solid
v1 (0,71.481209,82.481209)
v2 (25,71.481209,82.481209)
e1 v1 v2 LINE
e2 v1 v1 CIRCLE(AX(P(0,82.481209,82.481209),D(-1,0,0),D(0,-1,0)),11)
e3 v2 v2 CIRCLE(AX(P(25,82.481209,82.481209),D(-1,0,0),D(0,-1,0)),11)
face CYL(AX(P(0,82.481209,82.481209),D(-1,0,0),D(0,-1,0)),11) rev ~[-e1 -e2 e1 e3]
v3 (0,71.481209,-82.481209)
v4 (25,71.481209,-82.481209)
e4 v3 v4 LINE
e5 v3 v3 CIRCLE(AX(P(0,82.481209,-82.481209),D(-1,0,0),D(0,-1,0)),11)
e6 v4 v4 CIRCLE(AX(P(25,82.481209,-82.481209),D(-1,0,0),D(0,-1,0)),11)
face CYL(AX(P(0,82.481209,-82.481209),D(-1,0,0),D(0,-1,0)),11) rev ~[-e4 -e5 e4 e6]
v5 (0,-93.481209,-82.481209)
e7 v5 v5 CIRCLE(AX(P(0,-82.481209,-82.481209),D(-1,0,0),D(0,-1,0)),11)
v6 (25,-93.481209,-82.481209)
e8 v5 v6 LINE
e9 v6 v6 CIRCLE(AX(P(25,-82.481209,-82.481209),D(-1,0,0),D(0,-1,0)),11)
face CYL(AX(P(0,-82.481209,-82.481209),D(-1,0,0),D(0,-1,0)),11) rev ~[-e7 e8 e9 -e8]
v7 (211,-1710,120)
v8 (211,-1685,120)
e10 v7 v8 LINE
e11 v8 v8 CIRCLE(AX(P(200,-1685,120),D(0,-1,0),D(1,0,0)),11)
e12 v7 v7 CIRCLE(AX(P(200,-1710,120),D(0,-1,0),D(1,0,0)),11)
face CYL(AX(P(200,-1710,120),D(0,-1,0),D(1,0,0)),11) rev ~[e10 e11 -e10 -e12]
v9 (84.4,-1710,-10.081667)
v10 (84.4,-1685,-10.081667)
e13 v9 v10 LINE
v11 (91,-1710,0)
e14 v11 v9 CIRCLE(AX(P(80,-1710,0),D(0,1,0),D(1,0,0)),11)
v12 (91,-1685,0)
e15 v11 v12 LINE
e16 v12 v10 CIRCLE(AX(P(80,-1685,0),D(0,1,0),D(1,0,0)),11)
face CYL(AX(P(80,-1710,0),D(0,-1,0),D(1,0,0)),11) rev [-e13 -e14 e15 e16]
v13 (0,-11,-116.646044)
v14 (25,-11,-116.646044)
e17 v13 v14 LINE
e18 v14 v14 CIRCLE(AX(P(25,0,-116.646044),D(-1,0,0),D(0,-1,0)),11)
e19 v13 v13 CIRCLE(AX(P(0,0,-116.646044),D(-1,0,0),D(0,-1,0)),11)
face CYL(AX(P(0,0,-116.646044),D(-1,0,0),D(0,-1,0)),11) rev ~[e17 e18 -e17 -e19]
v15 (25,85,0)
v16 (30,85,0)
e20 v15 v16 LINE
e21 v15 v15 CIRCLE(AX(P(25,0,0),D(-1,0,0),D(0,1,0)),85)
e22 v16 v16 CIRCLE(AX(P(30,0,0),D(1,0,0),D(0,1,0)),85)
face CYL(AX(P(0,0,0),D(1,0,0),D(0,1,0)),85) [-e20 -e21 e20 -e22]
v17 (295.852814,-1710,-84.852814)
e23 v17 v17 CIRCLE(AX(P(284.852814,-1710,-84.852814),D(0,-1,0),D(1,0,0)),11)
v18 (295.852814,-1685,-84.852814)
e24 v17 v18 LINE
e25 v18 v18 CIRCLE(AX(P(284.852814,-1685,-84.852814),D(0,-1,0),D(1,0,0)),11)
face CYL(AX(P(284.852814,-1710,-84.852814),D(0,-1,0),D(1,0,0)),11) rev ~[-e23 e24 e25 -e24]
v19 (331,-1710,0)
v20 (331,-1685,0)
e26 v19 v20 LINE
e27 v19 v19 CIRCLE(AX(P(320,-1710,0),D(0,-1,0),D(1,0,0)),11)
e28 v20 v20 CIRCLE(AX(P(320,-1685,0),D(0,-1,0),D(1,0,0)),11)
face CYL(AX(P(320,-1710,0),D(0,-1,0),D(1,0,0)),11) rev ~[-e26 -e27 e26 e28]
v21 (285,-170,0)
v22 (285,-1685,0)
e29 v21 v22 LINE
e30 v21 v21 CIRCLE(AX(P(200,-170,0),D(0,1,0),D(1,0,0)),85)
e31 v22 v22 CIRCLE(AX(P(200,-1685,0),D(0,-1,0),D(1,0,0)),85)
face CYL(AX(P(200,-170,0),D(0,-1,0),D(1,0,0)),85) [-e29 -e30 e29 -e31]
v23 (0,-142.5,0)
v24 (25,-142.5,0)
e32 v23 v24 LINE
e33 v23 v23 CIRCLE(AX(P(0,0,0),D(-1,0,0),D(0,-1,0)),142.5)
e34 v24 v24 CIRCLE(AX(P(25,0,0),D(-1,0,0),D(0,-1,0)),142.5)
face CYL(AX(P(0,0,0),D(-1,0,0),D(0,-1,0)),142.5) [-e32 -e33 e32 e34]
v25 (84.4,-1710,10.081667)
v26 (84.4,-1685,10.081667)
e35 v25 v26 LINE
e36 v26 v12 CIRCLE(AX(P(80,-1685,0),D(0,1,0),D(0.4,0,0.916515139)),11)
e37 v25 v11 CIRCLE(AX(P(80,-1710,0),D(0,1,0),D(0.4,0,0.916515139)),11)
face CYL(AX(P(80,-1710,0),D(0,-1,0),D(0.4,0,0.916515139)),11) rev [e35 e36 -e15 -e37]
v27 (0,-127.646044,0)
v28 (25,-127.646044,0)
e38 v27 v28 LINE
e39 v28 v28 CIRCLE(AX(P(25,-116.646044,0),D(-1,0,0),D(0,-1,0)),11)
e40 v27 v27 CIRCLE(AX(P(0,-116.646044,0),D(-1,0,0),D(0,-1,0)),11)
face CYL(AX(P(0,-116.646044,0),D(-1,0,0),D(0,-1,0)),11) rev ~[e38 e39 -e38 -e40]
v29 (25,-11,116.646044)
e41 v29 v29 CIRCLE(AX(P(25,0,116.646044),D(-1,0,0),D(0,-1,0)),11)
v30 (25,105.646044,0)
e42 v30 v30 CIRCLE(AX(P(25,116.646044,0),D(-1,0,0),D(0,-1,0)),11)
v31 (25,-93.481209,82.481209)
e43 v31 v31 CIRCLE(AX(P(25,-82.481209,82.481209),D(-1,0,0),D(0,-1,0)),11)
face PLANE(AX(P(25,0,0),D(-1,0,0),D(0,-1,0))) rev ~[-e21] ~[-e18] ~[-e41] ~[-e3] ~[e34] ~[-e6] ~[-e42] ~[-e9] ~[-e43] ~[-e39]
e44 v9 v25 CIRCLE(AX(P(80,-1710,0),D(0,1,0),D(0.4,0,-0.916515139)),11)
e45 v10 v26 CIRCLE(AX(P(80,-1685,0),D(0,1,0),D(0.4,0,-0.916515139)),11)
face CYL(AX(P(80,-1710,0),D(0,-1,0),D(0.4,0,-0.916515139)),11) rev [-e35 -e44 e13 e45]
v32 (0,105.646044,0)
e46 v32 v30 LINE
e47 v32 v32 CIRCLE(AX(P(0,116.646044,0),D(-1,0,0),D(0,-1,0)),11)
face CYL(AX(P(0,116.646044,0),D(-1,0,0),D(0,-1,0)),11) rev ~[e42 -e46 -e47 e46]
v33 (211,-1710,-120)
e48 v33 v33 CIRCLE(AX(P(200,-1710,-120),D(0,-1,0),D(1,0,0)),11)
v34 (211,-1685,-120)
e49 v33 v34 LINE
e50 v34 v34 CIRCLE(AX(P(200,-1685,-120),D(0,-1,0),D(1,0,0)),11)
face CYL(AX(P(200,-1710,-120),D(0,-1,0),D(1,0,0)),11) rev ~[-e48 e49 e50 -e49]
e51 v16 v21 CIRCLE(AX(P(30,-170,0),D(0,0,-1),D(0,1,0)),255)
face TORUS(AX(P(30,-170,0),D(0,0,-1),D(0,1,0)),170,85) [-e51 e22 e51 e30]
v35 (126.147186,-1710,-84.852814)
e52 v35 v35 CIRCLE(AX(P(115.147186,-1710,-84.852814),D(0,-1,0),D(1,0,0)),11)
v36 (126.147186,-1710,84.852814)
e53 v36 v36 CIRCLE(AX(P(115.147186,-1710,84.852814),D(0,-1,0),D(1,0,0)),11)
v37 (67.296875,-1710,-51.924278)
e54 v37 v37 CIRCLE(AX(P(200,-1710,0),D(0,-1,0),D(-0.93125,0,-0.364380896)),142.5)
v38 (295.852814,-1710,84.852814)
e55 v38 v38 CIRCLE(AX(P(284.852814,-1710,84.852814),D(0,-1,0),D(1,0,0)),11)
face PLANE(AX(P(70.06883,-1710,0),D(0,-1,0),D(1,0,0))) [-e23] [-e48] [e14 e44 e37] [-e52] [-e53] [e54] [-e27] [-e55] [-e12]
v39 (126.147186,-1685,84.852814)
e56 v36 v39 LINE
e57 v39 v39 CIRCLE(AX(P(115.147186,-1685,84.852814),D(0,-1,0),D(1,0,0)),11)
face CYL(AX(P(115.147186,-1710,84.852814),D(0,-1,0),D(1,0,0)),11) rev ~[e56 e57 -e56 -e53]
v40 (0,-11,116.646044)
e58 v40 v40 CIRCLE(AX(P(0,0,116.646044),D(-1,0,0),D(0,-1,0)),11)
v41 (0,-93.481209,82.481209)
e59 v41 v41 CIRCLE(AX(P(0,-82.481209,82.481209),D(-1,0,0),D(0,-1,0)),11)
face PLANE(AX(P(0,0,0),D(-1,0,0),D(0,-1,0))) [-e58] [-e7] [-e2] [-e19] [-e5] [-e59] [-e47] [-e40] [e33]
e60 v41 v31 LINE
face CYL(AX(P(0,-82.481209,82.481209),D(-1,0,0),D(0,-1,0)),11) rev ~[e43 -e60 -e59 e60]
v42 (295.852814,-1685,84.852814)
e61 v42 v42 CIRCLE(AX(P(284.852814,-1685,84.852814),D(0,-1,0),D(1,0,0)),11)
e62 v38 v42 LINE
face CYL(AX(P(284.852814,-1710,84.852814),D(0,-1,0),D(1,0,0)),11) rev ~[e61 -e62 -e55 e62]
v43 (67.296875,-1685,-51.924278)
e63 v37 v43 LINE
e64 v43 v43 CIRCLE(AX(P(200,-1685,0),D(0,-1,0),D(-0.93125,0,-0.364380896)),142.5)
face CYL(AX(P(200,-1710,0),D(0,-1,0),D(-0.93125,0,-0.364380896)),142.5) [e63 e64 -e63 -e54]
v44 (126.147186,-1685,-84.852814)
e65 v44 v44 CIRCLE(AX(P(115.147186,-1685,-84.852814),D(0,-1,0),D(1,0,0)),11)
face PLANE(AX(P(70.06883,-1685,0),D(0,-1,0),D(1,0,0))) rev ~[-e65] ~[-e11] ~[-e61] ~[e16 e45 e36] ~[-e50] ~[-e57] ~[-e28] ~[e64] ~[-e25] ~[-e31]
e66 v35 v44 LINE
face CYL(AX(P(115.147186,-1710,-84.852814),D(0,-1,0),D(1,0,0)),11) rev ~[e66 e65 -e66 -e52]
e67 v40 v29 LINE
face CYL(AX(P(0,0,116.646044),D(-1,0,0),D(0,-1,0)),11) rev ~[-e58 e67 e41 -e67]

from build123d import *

# Parameters (mm, degrees)
F0_R     = 85
F5_R     = 11
F6_DEPTH = 25
F7_R     = 142.5
F7_R_2   = 11
F7_R_3   = 85
F8_DEPTH = 25


with BuildPart() as f4:
    # F4: sweep along a path in F4_path
    with BuildLine(Plane(origin=(0, 0, 0), x_dir=(0, 1, 0), z_dir=(0, 0, 1))) as f4_path:
        Line((0, 0), (0, -30))
        ThreePointArc((0, -30), (-49.7918471983, -150.2081528017), (-170, -200))
        Line((-170, -200), (-1710, -200))
    # F0 (on Right) → F4 (sweep)
    with BuildSketch(Plane.YZ):
        Circle(F0_R)
    sweep(path=f4_path.line)

    # F5 (on face) → F6 (join)
    with BuildSketch(Plane.XZ.offset(1710)):
        with BuildLine():
            ThreePointArc((84.4, 10.0816665289), (78.6809157211, 32.1607447254), (67.296875, 51.9242777055))
            ThreePointArc((67.296875, 51.9242777055), (57.5, 0), (67.296875, -51.9242777055))
            ThreePointArc((67.296875, -51.9242777055), (78.6809157211, -32.1607447254), (84.4, -10.0816665289))
            ThreePointArc((84.4, -10.0816665289), (69, 0), (84.4, 10.0816665289))
        make_face()
        with BuildLine():
            ThreePointArc((67.296875, -51.9242777055), (226.4202071103, -140.0293635501), (342.5, 0))
            ThreePointArc((342.5, 0), (226.4202071103, 140.0293635501), (67.296875, 51.9242777055))
            ThreePointArc((67.296875, 51.9242777055), (78.6809157211, 32.1607447254), (84.4, 10.0816665289))
            ThreePointArc((84.4, 10.0816665289), (89.2032602919, 6.0249481326), (91, 0))
            ThreePointArc((91, 0), (89.2032602919, -6.0249481326), (84.4, -10.0816665289))
            ThreePointArc((84.4, -10.0816665289), (78.6809157211, -32.1607447254), (67.296875, -51.9242777055))
        make_face()
        with Locations((115.1471862576, -84.8528137424)):
            Circle(F5_R, mode=Mode.SUBTRACT)
        with Locations((200, -120)):
            Circle(F5_R, mode=Mode.SUBTRACT)
        with Locations((284.8528137424, -84.8528137424)):
            Circle(F5_R, mode=Mode.SUBTRACT)
        with Locations((115.1471862576, 84.8528137424)):
            Circle(F5_R, mode=Mode.SUBTRACT)
        with Locations((320, 0)):
            Circle(F5_R, mode=Mode.SUBTRACT)
        with Locations((200, 120)):
            Circle(F5_R, mode=Mode.SUBTRACT)
        with Locations((284.8528137424, 84.8528137424)):
            Circle(F5_R, mode=Mode.SUBTRACT)
    extrude(amount=-F6_DEPTH)

    # F7 (on face) → F8 (join)
    with BuildSketch(Plane(origin=(0, 0, 0), x_dir=(0, -1, 0), z_dir=(-1, 0, 0))):
        Circle(F7_R)
        with Locations((-82.4812086801, -82.4812086801)):
            Circle(F7_R_2, mode=Mode.SUBTRACT)
        with Locations((0, -116.6460439563)):
            Circle(F7_R_2, mode=Mode.SUBTRACT)
        with Locations((82.4812086801, -82.4812086801)):
            Circle(F7_R_2, mode=Mode.SUBTRACT)
        with Locations((-116.6460439563, 0)):
            Circle(F7_R_2, mode=Mode.SUBTRACT)
        with Locations((-82.4812086801, 82.4812086801)):
            Circle(F7_R_2, mode=Mode.SUBTRACT)
        Circle(F7_R_3, mode=Mode.SUBTRACT)
        with Locations((116.6460439563, 0)):
            Circle(F7_R_2, mode=Mode.SUBTRACT)
        with Locations((0, 116.6460439563)):
            Circle(F7_R_2, mode=Mode.SUBTRACT)
        with Locations((82.4812086801, 82.4812086801)):
            Circle(F7_R_2, mode=Mode.SUBTRACT)
    extrude(amount=-F8_DEPTH)


solid = f4.part
